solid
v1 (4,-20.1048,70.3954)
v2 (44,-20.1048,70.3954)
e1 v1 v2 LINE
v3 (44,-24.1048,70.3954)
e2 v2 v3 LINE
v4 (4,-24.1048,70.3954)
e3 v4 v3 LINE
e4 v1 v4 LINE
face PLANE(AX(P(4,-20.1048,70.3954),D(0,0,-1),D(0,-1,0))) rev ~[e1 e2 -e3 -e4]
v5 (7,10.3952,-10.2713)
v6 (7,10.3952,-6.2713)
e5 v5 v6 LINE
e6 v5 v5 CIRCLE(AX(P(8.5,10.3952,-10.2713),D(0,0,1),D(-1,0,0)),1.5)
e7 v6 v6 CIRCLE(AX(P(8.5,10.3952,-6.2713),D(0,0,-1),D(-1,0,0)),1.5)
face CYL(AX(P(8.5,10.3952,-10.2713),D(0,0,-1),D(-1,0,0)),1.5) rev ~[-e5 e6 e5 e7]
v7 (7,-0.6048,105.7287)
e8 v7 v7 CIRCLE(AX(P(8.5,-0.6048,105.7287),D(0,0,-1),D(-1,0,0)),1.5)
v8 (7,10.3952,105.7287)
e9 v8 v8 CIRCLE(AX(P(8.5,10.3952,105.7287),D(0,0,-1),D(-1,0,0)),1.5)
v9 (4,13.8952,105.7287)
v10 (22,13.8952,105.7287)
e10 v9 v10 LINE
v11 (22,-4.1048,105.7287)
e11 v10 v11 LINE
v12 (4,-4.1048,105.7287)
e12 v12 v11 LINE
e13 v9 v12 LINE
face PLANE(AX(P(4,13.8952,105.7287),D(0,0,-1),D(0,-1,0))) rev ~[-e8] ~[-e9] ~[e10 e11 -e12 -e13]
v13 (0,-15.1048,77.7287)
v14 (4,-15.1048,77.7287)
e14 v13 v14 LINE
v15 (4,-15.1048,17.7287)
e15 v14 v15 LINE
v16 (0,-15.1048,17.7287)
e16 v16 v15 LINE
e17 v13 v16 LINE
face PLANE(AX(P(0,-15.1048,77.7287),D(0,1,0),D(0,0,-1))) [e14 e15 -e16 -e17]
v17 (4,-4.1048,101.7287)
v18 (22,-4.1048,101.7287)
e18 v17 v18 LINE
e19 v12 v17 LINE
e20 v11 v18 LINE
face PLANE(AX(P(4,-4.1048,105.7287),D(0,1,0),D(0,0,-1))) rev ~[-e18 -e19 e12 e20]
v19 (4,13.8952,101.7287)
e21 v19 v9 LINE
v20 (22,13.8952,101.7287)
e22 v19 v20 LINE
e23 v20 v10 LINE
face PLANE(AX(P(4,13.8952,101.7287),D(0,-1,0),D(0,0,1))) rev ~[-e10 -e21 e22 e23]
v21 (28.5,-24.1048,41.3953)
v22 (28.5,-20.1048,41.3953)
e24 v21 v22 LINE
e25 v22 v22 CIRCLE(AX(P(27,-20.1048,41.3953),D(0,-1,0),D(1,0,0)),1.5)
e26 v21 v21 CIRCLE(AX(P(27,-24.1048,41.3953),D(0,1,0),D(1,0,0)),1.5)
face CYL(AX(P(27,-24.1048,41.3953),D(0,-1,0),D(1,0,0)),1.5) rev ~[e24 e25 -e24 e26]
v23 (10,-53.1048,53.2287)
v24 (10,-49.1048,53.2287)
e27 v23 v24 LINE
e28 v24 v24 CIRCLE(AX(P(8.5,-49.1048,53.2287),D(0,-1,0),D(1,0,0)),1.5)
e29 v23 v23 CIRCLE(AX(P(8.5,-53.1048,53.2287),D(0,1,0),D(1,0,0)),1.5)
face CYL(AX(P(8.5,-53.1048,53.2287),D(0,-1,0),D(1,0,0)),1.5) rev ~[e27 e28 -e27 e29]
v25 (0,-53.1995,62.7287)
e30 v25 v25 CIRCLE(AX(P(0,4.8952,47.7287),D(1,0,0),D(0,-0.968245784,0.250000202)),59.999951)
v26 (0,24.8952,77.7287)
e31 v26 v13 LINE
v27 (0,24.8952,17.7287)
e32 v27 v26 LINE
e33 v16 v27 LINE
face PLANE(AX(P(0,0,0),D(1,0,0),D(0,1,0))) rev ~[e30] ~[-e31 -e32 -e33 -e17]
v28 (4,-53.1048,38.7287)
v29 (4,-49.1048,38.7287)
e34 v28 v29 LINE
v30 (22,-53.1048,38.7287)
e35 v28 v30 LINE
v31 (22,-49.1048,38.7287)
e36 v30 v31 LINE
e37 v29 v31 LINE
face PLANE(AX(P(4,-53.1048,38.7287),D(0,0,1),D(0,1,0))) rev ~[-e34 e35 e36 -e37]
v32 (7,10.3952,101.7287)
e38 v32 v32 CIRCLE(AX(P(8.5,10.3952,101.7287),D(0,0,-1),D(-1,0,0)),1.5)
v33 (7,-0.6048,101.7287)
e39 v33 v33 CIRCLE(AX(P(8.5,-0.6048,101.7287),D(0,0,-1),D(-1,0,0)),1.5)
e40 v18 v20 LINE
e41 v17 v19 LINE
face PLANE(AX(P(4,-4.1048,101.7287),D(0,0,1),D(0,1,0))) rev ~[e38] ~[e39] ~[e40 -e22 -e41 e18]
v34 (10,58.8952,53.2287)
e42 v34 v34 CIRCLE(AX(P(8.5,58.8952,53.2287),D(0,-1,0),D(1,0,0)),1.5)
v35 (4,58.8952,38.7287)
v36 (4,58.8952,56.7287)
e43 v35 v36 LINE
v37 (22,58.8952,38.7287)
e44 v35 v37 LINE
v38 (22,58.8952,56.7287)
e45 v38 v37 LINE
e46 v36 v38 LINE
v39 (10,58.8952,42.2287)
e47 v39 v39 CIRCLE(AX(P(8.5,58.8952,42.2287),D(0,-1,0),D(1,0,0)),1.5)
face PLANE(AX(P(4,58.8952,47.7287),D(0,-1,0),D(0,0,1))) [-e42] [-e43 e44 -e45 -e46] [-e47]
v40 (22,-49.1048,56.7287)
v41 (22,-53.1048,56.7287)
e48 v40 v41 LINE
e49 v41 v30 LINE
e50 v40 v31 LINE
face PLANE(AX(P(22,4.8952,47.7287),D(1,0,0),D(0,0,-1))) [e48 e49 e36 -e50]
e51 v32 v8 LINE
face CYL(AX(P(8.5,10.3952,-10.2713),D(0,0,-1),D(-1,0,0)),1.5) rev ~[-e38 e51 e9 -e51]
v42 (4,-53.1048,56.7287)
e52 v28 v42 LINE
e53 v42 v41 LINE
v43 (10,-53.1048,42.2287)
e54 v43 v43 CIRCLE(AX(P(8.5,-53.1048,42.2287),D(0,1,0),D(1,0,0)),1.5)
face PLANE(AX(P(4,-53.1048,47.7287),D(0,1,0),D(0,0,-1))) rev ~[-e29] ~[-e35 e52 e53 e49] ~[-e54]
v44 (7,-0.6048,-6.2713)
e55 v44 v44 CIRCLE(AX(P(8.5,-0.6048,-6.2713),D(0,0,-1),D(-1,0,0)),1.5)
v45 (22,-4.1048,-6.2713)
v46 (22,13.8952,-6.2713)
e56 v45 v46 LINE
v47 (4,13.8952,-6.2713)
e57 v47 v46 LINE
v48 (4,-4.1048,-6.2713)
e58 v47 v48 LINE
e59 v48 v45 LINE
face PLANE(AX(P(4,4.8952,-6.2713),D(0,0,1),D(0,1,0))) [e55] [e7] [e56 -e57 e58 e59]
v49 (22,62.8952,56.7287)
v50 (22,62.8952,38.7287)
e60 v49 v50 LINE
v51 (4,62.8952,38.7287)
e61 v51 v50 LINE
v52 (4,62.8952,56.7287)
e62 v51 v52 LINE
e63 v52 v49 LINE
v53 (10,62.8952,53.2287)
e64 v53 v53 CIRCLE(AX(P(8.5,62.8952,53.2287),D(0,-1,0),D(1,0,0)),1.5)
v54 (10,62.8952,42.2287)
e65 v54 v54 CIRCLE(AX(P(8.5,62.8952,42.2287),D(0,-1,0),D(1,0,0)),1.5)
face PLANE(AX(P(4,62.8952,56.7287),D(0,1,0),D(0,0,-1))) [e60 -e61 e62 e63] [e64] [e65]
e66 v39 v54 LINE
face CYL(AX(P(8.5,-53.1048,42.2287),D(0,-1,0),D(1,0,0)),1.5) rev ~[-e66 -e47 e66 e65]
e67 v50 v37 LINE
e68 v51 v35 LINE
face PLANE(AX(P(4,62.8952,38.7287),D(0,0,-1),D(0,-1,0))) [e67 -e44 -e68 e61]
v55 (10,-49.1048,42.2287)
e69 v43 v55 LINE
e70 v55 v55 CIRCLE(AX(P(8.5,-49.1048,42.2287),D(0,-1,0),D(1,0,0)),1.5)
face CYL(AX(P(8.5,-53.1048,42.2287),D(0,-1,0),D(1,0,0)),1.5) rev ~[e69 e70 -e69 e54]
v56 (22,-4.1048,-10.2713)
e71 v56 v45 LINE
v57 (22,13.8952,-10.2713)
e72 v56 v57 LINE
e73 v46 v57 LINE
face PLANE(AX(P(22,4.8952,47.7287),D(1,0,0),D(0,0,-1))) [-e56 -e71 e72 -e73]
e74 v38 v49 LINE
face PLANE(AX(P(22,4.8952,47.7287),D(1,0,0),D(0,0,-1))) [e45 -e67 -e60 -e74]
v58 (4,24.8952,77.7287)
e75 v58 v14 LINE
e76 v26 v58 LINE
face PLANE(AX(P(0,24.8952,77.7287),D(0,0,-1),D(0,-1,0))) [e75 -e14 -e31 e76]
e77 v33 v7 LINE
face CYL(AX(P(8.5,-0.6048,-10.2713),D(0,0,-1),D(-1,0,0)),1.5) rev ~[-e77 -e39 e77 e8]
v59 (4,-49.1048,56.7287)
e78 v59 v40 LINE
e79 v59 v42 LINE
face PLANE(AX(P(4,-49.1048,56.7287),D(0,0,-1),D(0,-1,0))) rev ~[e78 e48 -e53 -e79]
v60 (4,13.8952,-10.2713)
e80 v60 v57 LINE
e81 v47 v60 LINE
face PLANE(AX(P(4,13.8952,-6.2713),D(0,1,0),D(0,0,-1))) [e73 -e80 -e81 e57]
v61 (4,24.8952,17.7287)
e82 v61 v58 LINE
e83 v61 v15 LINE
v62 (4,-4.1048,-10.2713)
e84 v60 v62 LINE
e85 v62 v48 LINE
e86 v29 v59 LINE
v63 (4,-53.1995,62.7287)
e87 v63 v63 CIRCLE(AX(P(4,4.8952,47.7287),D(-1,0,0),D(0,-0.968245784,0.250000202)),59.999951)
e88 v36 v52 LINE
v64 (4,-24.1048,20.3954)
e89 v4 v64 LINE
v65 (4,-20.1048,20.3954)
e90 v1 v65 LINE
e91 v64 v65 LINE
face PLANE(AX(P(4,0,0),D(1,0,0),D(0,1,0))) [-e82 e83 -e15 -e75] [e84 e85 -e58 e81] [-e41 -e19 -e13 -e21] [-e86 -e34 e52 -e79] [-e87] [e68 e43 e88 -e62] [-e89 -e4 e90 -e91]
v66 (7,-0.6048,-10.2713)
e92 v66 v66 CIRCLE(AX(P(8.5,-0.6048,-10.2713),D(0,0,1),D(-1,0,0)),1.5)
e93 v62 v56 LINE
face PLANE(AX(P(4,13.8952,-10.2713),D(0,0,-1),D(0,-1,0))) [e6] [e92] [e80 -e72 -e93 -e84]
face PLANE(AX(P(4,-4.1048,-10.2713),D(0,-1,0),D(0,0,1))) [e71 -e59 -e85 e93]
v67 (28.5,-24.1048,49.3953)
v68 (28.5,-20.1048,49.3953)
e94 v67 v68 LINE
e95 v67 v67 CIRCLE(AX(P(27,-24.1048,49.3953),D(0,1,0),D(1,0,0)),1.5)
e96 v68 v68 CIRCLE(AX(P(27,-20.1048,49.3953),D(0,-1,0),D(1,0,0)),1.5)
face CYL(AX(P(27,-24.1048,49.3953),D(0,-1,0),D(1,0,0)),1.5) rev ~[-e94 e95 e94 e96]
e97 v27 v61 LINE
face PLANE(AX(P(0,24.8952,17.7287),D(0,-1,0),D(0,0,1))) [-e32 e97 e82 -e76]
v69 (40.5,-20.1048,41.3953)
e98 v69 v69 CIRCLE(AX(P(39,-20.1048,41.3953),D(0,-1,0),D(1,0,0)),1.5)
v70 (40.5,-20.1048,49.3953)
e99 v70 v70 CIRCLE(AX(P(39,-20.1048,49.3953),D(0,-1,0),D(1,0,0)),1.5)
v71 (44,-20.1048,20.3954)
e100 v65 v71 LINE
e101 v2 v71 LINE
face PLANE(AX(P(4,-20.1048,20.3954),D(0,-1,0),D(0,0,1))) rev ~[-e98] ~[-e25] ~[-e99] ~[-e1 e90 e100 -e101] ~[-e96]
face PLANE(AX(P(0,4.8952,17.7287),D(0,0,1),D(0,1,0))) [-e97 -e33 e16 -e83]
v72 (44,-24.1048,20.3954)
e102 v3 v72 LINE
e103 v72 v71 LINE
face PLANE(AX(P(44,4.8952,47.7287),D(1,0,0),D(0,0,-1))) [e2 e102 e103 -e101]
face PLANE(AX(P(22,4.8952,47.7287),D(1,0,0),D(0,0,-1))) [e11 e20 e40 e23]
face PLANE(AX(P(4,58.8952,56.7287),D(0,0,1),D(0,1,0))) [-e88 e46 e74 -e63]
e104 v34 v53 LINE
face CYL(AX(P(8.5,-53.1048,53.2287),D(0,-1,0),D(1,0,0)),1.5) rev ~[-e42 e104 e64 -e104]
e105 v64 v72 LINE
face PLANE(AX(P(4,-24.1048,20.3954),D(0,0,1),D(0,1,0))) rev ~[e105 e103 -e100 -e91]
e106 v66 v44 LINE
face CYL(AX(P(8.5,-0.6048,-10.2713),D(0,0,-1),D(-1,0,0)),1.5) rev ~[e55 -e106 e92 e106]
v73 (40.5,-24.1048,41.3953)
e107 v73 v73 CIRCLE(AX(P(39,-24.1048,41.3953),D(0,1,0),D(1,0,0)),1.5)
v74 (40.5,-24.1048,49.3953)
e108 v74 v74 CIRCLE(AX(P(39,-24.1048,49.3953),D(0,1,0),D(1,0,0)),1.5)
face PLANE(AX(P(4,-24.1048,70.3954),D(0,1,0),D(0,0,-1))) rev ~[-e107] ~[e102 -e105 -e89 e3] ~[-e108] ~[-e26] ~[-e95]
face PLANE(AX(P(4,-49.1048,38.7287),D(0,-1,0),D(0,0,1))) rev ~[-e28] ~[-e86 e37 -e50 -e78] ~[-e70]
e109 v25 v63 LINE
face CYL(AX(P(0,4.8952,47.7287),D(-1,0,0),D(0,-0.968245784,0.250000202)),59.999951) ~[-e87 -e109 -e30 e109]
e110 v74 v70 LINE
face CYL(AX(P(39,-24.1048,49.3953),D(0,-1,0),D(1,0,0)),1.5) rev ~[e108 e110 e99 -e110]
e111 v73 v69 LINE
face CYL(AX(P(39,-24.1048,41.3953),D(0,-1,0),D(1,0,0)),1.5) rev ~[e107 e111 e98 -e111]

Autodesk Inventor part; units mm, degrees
ref_plane "YZ Plane" through (0, 0, 0) normal (1, 0, 0) x (0, 1, 0)
ref_plane "XZ Plane" through (0, 0, 0) normal (0, 1, 0) x (-1, 0, 0)
ref_plane "XY Plane" through (0, 0, 0) normal (0, 0, 1) x (1, 0, 0)
sketch "草图2" plane through (0, 0, 0) normal (1, 0, 0) x (0, 1, 0)
  arc A0 (-53.1995, 32.7287) -> (-53.1995, 62.7287) centre (4.8952, 47.7287) ccw
  line L0 (4.8952, 17.7287) -> (24.8952, 17.7287)
  line L1 (24.8952, 17.7287) -> (24.8952, 77.7287)
  line L2 (24.8952, 77.7287) -> (-15.1048, 77.7287)
  line L3 (-15.1048, 77.7287) -> (-15.1048, 17.7287)
  line L4 (-15.1048, 17.7287) -> (4.8952, 17.7287)
  arc A1 (-53.1995, 62.7287) -> (-53.1995, 32.7287) centre (4.8952, 47.7287) ccw
  point P0 (0, 0)
extrude "拉伸2" add sketch "草图2" along normal blind 4
sketch "草图3" plane through (4, 4.8952, 47.7287) normal (1, 0, 0) x (0, 0, -1)
  line L0 (-9, 58) -> (9, 58)
  line L1 (9, 58) -> (9, 54)
  line L2 (9, 54) -> (-9, 54)
  line L3 (-9, 54) -> (-9, 58)
  line L4 (0, -74) -> (0, 175)
  line L5 (0, 0) -> (111.1859, 0)
  line L6 (-9, -58) -> (9, -58)
  line L7 (9, -58) -> (9, -54)
  line L8 (9, -54) -> (-9, -54)
  line L9 (-9, -54) -> (-9, -58)
  line L10 (54, 9) -> (58, 9)
  line L11 (58, 9) -> (58, -9)
  line L12 (58, -9) -> (54, -9)
  line L13 (54, -9) -> (54, 9)
  line L14 (-54, 9) -> (-58, 9)
  line L15 (-58, 9) -> (-58, -9)
  line L16 (-58, -9) -> (-54, -9)
  line L17 (-54, -9) -> (-54, 9)
  dimension "d21" = 18
  dimension "d22" = 4
  dimension "d23" = 18
  dimension "d24" = 4
  dimension "d25" = 108
  dimension "d26" = 108
extrude "拉伸3" add sketch "草图3" along normal blind 18
sketch "草图4" plane through (4, -4.1048, -10.2713) normal (0, 0, -1) x (-1, 0, 0)
  line L0 (-4.5, 27) -> (-4.5, -16)
  line L1 (0, 69) -> (0, -51) projected
  line L2 (0, 0) -> (-18, 0) projected
  line L3 (0, 18) -> (-18, 18) projected
  line L4 (2.402, 9) -> (-9.4185, 9) construction
  circle A0 centre (-4.5, 14.5) radius 1.5
  circle A1 centre (-4.5, 3.5) radius 1.5
  point P0 (4, 4.1048)
  point P1 (-2.25, 9)
  dimension "d29" = 4.5
  dimension "d30" = 3
  dimension "d31" = 11
extrude "拉伸4" cut sketch "草图4" against normal blind 200 contours A0 L0 | L0 A0 | A1 L0 | L0 A1
sketch "草图6" plane through (4, -53.1048, 38.7287) normal (0, -1, 0) x (1, 0, 0)
  line L0 (4.5, -6) -> (4.5, 26.379)
  line L1 (0, -51) -> (0, 69) projected
  line L2 (0, 18) -> (18, 18) projected
  line L3 (-1.6886, 9) -> (9.3114, 9) construction
  circle A0 centre (4.5, 3.5) radius 1.5
  circle A1 centre (4.5, 14.5) radius 1.5
  point P0 (-4, -38.7287)
  point P1 (2.25, 9)
  dimension "d34" = 4.5
  dimension "d35" = 3
  dimension "d36" = 11
extrude "拉伸5" cut sketch "草图6" against normal blind 200
sketch "草图7" plane through (4, 4.8952, 47.7287) normal (1, 0, 0) x (0, 0, -1)
  line L0 (-22.6667, -29) -> (27.3333, -29)
  line L1 (27.3333, -29) -> (27.3333, -25)
  line L2 (27.3333, -25) -> (-22.6667, -25)
  line L3 (-22.6667, -25) -> (-22.6667, -29)
  line L4 (30, -20) -> (-30, -20) projected
  line L5 (0, -20) -> (0, -25)
  point P0 (47.7287, -4.8952)
  dimension "d39" = 4
  dimension "d40" = 50
  dimension "d41" = 5
extrude "拉伸6" add sketch "草图7" along normal blind 40
sketch "草图8" plane through (4, -24.1048, 20.3953) normal (0, -1, 0) x (1, 0, 0)
  line L0 (40, 0) -> (40, 50) projected
  line L1 (40, 50) -> (40, 25)
  line L2 (40, 25) -> (35, 25)
  line L3 (35, 25) -> (35, 21)
  line L4 (35, 25) -> (35, 29)
  line L5 (35, 25) -> (23, 25)
  line L6 (23, 25) -> (23, 21)
  line L7 (23, 25) -> (23, 29)
  circle A0 centre (35, 21) radius 1.5
  circle A1 centre (35, 29) radius 1.5
  circle A2 centre (23, 29) radius 1.5
  circle A3 centre (23, 21) radius 1.5
  point P0 (-4, -20.3953)
  dimension "d44" = 5
  dimension "d46" = 4
  dimension "d50" = 3
  dimension "d51" = 3
  dimension "d52" = 3
extrude "拉伸7" cut sketch "草图8" against normal blind 40
